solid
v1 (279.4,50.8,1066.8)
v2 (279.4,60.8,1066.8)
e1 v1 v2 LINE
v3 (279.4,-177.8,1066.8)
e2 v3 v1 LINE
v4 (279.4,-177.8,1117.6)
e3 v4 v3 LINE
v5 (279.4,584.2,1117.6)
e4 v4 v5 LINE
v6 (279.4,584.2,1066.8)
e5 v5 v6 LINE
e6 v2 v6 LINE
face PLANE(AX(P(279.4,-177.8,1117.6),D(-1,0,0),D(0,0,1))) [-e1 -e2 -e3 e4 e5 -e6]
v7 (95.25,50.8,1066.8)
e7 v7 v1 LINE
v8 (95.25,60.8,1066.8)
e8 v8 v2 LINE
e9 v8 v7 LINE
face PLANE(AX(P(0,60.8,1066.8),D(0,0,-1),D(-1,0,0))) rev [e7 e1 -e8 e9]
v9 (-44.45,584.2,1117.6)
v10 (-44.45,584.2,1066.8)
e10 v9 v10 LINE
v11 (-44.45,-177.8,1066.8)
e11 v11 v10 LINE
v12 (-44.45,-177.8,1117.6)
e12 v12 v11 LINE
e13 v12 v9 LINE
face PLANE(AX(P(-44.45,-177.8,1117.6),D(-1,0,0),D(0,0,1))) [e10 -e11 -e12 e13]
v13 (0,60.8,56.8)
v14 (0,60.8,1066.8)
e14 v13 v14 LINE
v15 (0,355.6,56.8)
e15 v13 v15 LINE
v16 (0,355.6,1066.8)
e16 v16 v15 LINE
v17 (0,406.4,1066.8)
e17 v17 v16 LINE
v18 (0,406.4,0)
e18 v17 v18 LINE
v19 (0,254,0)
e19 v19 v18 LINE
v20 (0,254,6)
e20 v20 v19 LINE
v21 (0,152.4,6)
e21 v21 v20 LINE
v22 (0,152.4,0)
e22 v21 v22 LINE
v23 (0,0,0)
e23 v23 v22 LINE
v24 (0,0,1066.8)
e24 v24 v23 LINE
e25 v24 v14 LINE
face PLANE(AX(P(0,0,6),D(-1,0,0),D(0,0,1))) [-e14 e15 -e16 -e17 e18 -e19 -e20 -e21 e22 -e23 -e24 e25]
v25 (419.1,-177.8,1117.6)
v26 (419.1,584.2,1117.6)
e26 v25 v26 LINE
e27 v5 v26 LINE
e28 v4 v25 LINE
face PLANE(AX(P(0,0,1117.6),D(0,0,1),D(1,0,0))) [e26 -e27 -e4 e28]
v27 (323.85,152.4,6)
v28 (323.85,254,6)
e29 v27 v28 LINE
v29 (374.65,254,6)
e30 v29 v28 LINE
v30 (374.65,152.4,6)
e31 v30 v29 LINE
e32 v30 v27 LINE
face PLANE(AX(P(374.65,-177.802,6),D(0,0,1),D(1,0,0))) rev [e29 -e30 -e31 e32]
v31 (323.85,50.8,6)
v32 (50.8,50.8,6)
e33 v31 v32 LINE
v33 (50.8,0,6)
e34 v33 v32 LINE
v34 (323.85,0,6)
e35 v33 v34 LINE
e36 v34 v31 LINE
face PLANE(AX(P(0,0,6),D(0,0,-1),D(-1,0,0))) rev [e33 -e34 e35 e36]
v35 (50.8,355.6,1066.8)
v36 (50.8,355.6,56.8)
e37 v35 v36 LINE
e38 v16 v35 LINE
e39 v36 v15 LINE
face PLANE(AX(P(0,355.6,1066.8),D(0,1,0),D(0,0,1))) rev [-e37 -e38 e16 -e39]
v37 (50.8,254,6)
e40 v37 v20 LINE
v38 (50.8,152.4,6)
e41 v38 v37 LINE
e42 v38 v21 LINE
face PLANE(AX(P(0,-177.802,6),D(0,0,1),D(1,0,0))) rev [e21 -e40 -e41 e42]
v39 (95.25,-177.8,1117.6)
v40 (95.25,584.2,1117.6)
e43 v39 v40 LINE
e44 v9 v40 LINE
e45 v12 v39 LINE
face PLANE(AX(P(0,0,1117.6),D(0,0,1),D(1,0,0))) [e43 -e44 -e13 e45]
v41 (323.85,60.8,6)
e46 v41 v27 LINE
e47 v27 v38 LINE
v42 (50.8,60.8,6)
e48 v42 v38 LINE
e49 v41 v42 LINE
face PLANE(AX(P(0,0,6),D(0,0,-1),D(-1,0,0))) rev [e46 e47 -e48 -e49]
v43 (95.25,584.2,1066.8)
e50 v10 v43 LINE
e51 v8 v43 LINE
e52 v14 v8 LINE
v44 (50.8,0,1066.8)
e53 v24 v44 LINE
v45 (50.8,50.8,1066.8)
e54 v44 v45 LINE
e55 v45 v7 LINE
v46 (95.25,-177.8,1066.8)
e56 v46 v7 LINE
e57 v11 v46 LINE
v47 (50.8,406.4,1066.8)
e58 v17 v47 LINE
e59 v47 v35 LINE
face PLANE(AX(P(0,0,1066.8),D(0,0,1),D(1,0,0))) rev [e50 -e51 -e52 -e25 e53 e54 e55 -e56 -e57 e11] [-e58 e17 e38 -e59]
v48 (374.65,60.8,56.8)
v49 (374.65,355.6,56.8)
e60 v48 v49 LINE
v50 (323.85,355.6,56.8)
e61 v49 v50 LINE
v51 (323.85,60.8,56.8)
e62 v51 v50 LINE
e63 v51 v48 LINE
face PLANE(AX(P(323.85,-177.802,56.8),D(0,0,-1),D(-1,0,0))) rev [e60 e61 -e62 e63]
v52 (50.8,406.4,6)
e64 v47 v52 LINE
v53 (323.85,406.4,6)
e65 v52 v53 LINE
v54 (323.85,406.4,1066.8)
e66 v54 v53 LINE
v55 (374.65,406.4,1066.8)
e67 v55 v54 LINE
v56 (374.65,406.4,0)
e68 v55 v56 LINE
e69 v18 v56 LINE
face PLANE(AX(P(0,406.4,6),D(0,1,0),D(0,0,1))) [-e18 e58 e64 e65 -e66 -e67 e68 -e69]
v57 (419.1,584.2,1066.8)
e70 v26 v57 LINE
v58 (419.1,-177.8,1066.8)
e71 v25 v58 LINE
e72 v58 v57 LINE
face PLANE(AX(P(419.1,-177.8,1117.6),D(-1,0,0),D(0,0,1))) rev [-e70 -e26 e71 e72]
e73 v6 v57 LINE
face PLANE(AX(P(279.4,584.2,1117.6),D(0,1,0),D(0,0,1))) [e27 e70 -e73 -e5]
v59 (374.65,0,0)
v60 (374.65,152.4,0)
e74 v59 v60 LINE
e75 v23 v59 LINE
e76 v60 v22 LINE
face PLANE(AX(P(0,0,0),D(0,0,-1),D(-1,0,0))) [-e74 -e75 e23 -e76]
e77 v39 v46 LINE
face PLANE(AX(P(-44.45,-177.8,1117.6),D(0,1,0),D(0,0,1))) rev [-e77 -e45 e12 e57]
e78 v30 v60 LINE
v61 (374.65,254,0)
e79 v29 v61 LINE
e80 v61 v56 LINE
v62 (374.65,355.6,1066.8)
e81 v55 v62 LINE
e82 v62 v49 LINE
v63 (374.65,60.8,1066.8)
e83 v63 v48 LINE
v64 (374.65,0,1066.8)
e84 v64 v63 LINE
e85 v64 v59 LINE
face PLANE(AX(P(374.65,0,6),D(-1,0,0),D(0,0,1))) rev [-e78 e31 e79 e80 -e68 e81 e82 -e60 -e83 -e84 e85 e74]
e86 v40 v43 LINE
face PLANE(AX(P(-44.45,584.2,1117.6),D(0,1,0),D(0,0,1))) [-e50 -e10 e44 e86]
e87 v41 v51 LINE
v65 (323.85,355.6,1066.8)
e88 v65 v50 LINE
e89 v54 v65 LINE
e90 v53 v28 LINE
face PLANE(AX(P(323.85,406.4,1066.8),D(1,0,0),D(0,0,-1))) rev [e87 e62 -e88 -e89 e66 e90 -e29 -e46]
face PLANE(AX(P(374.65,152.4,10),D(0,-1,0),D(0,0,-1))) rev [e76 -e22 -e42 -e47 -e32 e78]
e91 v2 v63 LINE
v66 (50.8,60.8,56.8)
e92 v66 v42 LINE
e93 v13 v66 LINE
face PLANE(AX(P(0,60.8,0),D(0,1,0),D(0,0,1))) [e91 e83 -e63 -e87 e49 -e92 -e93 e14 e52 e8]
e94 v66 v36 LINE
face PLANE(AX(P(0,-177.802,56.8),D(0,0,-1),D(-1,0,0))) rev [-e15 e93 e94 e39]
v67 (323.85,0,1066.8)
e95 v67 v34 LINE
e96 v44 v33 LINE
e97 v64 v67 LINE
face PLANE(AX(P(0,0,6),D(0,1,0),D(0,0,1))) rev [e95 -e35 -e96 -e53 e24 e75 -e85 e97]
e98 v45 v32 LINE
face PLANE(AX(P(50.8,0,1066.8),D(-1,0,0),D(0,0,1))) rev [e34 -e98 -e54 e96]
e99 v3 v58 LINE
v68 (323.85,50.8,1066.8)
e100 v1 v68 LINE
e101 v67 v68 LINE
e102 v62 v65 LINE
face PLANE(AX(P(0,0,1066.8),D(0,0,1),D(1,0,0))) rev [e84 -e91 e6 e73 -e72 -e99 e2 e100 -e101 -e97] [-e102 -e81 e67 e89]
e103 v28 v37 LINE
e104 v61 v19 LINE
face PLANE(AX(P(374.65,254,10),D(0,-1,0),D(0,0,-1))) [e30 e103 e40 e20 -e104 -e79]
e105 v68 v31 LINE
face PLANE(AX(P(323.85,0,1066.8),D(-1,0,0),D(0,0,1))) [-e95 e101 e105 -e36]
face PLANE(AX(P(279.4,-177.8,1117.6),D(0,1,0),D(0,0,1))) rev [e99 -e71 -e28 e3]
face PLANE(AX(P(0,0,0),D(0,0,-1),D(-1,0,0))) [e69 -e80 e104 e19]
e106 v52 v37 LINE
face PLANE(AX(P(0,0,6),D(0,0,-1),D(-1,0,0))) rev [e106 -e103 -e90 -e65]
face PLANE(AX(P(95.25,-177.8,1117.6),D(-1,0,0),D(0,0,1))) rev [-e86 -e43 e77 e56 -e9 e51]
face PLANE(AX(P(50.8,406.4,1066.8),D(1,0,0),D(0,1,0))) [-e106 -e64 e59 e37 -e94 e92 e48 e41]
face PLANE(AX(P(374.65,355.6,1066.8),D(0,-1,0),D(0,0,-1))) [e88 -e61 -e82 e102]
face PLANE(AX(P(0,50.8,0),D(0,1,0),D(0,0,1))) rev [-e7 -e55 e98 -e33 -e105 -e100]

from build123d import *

# Parameters (mm, degrees)
SKETCH1_W           = 374.65
SKETCH1_H           = 406.4
BOSS_EXTRUDE1_DEPTH = 6
SKETCH1_5_W         = 50.8
SKETCH1_5_H         = 50.8
BOSS_EXTRUDE2_DEPTH = 1066.8
SKETCH3_W           = 139.7
SKETCH3_H           = 762
BOSS_EXTRUDE4_DEPTH = 50.8
SKETCH4_W           = 374.65
SKETCH4_H           = 1060.8
BOSS_EXTRUDE5_DEPTH = 10
SKETCH5_W           = 374.65
SKETCH5_H           = 101.6
CUT_EXTRUDE1_DEPTH  = 10
BOSS_EXTRUDE7_REACH = 1309.36
SKETCH6_W           = 50.8
SKETCH6_H           = 50.8


with BuildPart() as part:
    # Sketch1 → Boss-Extrude1 (new body)
    with BuildSketch(Plane.XY):
        with Locations((187.325, 203.2)):
            Rectangle(SKETCH1_W, SKETCH1_H)
    extrude(amount=BOSS_EXTRUDE1_DEPTH)

    # Sketch1<5> → Boss-Extrude2 (add)
    with BuildSketch(Plane.XY):
        with Locations((25.4, 381)):
            Rectangle(SKETCH1_5_W, SKETCH1_5_H)
        with Locations((25.4, 25.4)):
            Rectangle(SKETCH1_5_W, SKETCH1_5_H)
        with Locations((349.25, 25.4)):
            Rectangle(SKETCH1_5_W, SKETCH1_5_H)
        with Locations((349.25, 381)):
            Rectangle(SKETCH1_5_W, SKETCH1_5_H)
    extrude(amount=BOSS_EXTRUDE2_DEPTH)

    # Sketch3 → Boss-Extrude4 (add)
    with BuildSketch(Plane.XY.offset(1066.8)):
        with Locations((25.4, 203.2)):
            Rectangle(SKETCH3_W, SKETCH3_H)
        with Locations((349.25, 203.2)):
            Rectangle(SKETCH3_W, SKETCH3_H)
    extrude(amount=BOSS_EXTRUDE4_DEPTH)

    # Sketch4 → Boss-Extrude5 (add)
    with BuildSketch(Plane(origin=(0, 50.8, 0), x_dir=(1, 0, 0), z_dir=(0, 1, 0))):
        with Locations((187.325, -536.4)):
            Rectangle(SKETCH4_W, SKETCH4_H)
    extrude(amount=BOSS_EXTRUDE5_DEPTH)

    # Sketch5 → Cut-Extrude1 (cut)
    with BuildSketch(Plane(origin=(0, 0, 0), x_dir=(-1, 0, 0), z_dir=(0, 0, -1))):
        with Locations((-187.325, 203.2)):
            Rectangle(SKETCH5_W, SKETCH5_H)
    extrude(amount=-CUT_EXTRUDE1_DEPTH, mode=Mode.SUBTRACT)

    # Sketch6 → Boss-Extrude7 (add, up to next)
    with BuildSketch(Plane.XZ.offset(-355.6), mode=Mode.PRIVATE) as boss_extrude7_sk1:
        with Locations((25.4, 31.4)):
            Rectangle(SKETCH6_W, SKETCH6_H)
    boss_extrude7_tool1 = extrude(boss_extrude7_sk1.sketch, amount=BOSS_EXTRUDE7_REACH, mode=Mode.PRIVATE) - part.part
    # Sketch6 → Boss-Extrude7 (add, up to next)
    with BuildSketch(Plane.XZ.offset(-355.6), mode=Mode.PRIVATE) as boss_extrude7_sk2:
        with Locations((349.25, 31.4)):
            Rectangle(SKETCH6_W, SKETCH6_H)
    boss_extrude7_tool2 = extrude(boss_extrude7_sk2.sketch, amount=BOSS_EXTRUDE7_REACH, mode=Mode.PRIVATE) - part.part
    add(boss_extrude7_tool1.solids().sort_by_distance((25.4, 355.6, 31.4))[0])
    add(boss_extrude7_tool2.solids().sort_by_distance((349.25, 355.6, 31.4))[0])


solid = part.part
